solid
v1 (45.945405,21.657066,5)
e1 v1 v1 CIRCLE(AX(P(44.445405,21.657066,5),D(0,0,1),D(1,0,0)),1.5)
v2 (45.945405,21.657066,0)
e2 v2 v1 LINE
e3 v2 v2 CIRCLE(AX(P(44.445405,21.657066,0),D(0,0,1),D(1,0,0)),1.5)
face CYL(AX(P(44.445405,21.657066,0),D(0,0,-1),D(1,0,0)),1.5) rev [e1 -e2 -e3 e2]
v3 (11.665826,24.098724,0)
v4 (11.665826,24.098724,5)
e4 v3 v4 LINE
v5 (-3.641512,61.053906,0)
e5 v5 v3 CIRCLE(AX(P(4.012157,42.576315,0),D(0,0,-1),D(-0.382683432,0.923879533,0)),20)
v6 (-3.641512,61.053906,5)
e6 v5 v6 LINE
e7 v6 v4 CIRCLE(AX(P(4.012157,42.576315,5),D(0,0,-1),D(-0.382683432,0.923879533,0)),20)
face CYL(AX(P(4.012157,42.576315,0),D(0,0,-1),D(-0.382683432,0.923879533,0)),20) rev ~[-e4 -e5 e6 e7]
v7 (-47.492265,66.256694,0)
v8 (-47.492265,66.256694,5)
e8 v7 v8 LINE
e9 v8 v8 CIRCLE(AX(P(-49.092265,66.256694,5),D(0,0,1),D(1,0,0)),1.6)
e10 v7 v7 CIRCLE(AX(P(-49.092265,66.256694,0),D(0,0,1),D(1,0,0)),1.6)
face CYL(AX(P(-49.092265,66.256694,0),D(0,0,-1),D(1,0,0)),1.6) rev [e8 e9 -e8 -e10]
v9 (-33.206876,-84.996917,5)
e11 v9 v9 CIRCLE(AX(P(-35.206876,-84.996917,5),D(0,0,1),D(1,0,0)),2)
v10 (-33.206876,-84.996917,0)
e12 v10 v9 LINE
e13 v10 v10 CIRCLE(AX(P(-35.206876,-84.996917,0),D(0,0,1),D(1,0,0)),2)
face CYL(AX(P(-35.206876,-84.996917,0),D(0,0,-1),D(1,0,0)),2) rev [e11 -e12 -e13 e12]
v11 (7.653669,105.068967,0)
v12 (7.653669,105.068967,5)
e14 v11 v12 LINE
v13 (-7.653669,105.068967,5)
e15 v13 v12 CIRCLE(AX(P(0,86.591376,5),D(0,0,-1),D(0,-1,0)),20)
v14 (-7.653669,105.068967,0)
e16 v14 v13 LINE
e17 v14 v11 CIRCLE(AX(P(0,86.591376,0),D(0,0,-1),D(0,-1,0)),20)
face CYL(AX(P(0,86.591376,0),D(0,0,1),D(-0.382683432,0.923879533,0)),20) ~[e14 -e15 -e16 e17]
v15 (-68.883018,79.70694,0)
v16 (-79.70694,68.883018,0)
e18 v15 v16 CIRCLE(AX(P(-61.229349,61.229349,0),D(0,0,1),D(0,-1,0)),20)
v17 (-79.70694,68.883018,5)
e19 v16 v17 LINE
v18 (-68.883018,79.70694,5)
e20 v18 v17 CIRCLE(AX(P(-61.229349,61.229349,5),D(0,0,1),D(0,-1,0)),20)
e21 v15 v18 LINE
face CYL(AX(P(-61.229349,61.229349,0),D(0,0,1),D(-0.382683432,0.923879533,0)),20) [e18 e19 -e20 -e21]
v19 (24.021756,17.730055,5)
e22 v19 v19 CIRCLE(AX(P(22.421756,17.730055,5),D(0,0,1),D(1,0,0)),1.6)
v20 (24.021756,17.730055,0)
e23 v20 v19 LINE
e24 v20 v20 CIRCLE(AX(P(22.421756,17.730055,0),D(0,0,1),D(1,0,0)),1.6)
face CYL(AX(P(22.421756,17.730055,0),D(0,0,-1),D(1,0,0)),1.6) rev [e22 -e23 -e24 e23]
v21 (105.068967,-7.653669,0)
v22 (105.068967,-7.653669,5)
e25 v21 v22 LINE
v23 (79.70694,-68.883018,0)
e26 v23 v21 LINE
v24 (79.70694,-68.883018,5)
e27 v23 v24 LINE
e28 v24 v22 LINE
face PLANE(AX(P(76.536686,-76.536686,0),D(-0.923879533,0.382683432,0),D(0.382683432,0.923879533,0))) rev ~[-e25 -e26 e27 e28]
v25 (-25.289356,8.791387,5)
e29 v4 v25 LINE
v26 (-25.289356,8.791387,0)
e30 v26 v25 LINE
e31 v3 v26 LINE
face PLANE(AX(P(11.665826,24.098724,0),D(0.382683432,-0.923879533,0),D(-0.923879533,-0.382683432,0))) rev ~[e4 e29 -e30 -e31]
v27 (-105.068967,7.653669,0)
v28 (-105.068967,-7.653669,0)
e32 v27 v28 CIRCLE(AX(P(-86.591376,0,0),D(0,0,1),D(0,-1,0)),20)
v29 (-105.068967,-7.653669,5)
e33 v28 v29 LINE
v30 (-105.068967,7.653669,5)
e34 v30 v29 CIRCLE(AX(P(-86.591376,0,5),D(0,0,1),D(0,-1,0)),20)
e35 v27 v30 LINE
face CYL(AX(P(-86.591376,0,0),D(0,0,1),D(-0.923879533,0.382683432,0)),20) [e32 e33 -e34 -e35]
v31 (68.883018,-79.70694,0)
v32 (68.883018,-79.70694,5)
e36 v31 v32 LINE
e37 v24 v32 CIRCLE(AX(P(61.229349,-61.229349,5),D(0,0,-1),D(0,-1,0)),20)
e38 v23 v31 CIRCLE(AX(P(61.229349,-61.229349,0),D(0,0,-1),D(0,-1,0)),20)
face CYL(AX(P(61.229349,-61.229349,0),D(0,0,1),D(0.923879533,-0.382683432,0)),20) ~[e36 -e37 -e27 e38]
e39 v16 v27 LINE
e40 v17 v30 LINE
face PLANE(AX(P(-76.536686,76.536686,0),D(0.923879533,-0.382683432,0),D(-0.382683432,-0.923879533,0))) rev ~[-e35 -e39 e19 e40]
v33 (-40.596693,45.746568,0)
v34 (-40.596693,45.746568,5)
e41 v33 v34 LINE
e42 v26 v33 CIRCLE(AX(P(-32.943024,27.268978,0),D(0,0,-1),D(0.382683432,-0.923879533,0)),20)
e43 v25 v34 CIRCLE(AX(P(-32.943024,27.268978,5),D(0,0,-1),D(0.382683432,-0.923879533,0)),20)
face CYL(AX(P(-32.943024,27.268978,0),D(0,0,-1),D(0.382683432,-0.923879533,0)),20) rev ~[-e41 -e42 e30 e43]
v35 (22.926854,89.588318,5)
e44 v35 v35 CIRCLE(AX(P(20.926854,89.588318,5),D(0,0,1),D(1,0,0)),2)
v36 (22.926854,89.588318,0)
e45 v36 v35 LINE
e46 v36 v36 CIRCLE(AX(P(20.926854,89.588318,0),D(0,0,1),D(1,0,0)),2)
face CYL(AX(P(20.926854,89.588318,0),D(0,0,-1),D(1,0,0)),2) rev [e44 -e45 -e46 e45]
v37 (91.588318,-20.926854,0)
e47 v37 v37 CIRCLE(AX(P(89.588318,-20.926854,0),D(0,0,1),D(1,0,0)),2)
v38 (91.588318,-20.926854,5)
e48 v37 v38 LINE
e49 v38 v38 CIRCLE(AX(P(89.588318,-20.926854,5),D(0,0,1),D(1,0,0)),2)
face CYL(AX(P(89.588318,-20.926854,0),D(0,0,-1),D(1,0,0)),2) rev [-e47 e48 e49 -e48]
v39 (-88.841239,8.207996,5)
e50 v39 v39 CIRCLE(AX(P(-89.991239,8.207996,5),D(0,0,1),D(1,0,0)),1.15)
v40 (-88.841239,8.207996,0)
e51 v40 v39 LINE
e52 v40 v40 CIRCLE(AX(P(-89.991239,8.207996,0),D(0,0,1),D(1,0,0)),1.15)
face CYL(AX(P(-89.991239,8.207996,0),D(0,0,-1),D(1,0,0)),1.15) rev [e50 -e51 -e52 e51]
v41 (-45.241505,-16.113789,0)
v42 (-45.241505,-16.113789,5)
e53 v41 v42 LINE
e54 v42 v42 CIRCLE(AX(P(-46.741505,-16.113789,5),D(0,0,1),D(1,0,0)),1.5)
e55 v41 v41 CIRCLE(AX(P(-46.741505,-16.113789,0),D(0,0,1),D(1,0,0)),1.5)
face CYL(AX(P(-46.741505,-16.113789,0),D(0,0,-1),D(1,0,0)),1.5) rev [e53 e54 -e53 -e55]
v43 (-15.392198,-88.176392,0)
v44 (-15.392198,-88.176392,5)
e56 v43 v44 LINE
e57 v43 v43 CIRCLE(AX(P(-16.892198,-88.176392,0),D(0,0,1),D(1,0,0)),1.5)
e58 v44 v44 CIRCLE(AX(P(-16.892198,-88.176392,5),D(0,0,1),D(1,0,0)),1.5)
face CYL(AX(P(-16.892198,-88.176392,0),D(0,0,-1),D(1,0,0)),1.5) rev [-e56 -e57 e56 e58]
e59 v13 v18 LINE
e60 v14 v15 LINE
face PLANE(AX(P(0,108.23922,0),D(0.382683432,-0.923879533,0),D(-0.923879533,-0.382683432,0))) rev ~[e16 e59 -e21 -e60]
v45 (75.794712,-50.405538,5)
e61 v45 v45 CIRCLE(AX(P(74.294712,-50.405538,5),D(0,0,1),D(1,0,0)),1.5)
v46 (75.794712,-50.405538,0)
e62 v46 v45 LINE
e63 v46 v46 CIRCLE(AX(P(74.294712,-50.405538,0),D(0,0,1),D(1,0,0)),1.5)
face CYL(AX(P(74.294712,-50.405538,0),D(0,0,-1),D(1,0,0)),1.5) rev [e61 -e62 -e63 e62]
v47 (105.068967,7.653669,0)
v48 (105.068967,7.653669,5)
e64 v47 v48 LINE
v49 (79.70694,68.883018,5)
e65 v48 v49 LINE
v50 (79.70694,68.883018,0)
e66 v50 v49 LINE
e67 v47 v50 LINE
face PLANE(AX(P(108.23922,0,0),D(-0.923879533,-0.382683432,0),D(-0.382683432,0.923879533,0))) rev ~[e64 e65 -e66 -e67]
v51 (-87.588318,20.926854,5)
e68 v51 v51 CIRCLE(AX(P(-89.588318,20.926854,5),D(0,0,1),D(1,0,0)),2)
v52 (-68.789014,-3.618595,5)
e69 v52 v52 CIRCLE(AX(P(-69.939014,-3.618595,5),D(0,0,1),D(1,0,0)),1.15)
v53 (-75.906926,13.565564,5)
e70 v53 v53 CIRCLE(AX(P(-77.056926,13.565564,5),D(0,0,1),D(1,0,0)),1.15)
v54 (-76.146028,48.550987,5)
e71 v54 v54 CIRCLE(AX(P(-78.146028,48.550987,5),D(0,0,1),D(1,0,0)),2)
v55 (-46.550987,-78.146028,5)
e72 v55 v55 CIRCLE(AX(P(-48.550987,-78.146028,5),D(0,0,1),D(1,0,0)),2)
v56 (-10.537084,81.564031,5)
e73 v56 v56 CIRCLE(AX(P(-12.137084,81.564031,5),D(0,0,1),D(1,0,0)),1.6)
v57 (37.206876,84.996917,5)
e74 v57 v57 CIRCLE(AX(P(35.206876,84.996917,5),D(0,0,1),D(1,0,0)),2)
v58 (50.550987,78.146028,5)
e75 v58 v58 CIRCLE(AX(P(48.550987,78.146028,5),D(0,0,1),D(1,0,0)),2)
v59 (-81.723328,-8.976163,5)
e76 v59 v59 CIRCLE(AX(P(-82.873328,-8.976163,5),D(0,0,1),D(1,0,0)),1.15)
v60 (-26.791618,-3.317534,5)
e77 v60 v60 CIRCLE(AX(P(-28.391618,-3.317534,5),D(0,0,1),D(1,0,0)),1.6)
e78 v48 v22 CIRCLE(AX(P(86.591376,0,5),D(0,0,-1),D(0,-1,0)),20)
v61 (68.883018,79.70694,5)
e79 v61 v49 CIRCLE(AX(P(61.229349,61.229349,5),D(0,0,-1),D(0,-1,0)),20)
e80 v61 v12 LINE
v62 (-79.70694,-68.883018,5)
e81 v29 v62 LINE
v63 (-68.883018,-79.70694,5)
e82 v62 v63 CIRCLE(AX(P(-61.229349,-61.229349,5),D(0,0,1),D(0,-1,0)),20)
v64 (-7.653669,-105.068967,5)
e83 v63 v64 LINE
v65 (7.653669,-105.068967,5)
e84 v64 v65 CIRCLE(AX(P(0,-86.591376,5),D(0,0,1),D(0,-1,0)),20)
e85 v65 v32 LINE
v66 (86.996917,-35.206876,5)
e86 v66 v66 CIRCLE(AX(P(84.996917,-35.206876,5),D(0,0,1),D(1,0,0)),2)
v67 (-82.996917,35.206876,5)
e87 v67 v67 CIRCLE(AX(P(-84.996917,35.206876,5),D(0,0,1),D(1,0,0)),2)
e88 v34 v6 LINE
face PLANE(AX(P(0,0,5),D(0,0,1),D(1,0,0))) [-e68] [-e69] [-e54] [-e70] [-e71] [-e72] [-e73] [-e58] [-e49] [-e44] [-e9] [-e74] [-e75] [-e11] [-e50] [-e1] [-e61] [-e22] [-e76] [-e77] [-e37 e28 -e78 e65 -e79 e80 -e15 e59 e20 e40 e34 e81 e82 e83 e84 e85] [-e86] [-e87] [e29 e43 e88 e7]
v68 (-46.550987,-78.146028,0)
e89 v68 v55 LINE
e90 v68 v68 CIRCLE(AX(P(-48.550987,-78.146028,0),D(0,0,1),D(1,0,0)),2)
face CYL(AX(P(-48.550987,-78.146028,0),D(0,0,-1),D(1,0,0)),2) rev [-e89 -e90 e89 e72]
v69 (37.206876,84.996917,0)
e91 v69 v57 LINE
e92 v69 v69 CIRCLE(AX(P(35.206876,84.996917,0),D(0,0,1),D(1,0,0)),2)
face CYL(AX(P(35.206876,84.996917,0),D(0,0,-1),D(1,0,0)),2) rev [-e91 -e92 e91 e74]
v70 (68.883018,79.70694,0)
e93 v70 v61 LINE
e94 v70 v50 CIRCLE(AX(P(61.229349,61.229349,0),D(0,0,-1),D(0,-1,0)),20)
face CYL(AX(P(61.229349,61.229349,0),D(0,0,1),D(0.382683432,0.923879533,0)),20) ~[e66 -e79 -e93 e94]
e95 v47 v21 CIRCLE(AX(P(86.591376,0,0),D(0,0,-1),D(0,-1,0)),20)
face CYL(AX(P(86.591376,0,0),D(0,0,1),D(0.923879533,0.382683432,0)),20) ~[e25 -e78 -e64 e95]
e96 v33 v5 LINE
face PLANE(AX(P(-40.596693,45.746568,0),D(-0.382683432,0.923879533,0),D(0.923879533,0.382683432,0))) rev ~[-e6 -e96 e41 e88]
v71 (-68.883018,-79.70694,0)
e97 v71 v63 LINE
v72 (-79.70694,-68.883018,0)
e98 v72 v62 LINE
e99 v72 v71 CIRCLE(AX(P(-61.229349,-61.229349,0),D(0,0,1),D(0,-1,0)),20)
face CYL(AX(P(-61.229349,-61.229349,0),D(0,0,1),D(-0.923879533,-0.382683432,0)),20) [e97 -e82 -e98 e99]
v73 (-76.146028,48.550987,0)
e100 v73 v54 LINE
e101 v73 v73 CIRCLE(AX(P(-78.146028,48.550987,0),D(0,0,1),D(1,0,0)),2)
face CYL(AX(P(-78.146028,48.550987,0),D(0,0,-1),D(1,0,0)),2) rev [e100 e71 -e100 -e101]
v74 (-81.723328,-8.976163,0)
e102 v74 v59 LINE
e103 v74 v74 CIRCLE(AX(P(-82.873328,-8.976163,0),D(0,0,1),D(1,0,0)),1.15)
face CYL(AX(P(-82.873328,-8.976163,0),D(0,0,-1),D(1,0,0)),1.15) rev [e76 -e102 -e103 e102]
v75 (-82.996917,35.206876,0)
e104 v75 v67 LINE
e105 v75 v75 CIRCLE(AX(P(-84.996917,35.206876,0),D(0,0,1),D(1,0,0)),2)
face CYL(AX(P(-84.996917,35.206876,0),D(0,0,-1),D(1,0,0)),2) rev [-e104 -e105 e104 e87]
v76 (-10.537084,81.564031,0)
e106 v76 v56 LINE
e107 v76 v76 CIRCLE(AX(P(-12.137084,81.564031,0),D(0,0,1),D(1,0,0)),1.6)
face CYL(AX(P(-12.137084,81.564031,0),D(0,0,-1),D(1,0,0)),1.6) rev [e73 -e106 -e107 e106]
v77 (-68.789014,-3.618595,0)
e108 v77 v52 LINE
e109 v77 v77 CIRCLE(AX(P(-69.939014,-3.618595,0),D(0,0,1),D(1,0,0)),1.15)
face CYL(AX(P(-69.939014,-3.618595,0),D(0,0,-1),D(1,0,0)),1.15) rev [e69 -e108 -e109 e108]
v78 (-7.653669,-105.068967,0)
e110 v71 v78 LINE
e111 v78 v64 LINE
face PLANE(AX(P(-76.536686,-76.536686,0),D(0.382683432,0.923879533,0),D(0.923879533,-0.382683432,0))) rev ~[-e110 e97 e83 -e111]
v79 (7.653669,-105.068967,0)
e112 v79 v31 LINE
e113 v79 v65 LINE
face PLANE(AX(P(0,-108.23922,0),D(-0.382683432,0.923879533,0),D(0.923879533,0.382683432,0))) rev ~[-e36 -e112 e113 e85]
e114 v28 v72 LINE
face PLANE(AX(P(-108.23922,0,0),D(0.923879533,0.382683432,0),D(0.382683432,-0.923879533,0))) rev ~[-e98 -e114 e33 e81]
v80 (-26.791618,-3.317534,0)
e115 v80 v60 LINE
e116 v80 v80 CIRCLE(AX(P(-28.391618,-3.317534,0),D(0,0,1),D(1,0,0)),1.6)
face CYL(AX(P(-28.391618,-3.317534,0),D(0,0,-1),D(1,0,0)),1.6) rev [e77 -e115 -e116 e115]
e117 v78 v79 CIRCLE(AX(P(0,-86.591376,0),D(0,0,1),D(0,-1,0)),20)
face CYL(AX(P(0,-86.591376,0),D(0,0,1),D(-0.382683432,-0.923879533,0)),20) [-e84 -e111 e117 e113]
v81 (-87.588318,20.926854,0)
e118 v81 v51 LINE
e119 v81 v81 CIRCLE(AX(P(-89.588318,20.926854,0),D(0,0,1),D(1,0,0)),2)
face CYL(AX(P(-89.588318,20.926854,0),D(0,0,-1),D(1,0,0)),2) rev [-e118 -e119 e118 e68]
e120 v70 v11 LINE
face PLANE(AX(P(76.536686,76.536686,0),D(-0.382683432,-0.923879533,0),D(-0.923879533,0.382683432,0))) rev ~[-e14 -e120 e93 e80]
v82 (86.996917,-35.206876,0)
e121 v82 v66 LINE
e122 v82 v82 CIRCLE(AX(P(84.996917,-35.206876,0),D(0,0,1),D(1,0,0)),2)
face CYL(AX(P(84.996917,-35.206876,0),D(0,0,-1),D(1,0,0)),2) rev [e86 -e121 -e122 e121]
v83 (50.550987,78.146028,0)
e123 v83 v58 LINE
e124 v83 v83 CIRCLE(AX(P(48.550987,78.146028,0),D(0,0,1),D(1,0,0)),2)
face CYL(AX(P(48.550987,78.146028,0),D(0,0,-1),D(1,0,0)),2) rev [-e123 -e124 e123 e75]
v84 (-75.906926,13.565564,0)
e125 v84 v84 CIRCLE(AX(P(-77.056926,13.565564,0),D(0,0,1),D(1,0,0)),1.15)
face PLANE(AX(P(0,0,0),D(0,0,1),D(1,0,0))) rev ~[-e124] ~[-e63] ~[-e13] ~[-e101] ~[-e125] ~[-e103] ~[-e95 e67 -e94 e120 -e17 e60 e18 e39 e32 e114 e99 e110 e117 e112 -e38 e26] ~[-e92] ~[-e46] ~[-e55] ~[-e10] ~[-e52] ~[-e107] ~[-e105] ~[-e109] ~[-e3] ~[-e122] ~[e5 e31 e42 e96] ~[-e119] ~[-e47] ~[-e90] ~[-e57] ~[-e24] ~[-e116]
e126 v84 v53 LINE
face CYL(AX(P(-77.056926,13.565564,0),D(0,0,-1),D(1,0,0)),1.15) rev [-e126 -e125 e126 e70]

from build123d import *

# Parameters (mm, degrees)
SKETCH_1_R      = 1.5
SKETCH_1_R_2    = 2
SKETCH_1_R_3    = 1.6
SKETCH_1_R_4    = 1.15
EXTRUDE_1_DEPTH = 5
FILLET_1_R      = 20


with BuildPart() as part:
    # 草图1 → 凸台-拉伸1 (new body)
    with BuildSketch(Plane.XY):
        Polygon((0, 108.239220029), (-76.536686473, 76.536686473), (-108.239220029, 0), (-76.536686473, -76.536686473), (0, -108.239220029), (76.536686473, -76.536686473), (108.239220029, 0), (76.536686473, 76.536686473), align=None)
        with Locations((-46.741505227, -16.11378879)):
            Circle(SKETCH_1_R, mode=Mode.SUBTRACT)
        with Locations((-16.892197502, -88.176392326)):
            Circle(SKETCH_1_R, mode=Mode.SUBTRACT)
        with Locations((74.294712357, -50.405537551)):
            Circle(SKETCH_1_R, mode=Mode.SUBTRACT)
        with Locations((44.445404632, 21.657065985)):
            Circle(SKETCH_1_R, mode=Mode.SUBTRACT)
        with Locations((-35.206875778, -84.996916991)):
            Circle(SKETCH_1_R_2, mode=Mode.SUBTRACT)
        with Locations((84.996916991, -35.206875778)):
            Circle(SKETCH_1_R_2, mode=Mode.SUBTRACT)
        with Locations((35.206875778, 84.996916991)):
            Circle(SKETCH_1_R_2, mode=Mode.SUBTRACT)
        with Locations((-84.996916991, 35.206875778)):
            Circle(SKETCH_1_R_2, mode=Mode.SUBTRACT)
        with Locations((22.421756372, 17.730054744)):
            Circle(SKETCH_1_R_3, mode=Mode.SUBTRACT)
        with Locations((-28.391617917, -3.317534036)):
            Circle(SKETCH_1_R_3, mode=Mode.SUBTRACT)
        with Locations((-49.092265239, 66.256693954)):
            Circle(SKETCH_1_R_3, mode=Mode.SUBTRACT)
        with Locations((-12.137083939, 81.564031248)):
            Circle(SKETCH_1_R_3, mode=Mode.SUBTRACT)
        with Locations((-89.991239438, 8.207996367)):
            Circle(SKETCH_1_R_4, mode=Mode.SUBTRACT)
        with Locations((-77.056925983, 13.56556442)):
            Circle(SKETCH_1_R_4, mode=Mode.SUBTRACT)
        with Locations((-69.939014141, -3.618594885)):
            Circle(SKETCH_1_R_4, mode=Mode.SUBTRACT)
        with Locations((-82.873327596, -8.976162938)):
            Circle(SKETCH_1_R_4, mode=Mode.SUBTRACT)
        with Locations((48.55098737, 78.146027573)):
            Circle(SKETCH_1_R_2, mode=Mode.SUBTRACT)
        with Locations((20.926853617, 89.588318422)):
            Circle(SKETCH_1_R_2, mode=Mode.SUBTRACT)
        with Locations((89.588318422, -20.926853617)):
            Circle(SKETCH_1_R_2, mode=Mode.SUBTRACT)
        with Locations((-48.55098737, -78.146027573)):
            Circle(SKETCH_1_R_2, mode=Mode.SUBTRACT)
        with Locations((-78.146027573, 48.55098737)):
            Circle(SKETCH_1_R_2, mode=Mode.SUBTRACT)
        with Locations((-89.588318422, 20.926853617)):
            Circle(SKETCH_1_R_2, mode=Mode.SUBTRACT)
        with BuildLine():
            Line((-40.596693041, 45.746568332), (-3.64151174, 61.053905626))
            ThreePointArc((-3.64151174, 61.053905626), (22.489747557, 50.229983624), (11.665825554, 24.098724326))
            Line((11.665825554, 24.098724326), (-25.289355746, 8.791387031))
            ThreePointArc((-25.289355746, 8.791387031), (-51.420615044, 19.615309034), (-40.596693041, 45.746568332))
        make_face(mode=Mode.SUBTRACT)
    extrude(amount=EXTRUDE_1_DEPTH)

    # 圆角1
    fillet_1_edges = [part.edges().sort_by_distance(p)[0] for p in [
        (76.536686473, 76.536686473, 2.5),
        (108.239220029, 0, 2.5),
        (76.536686473, -76.536686473, 2.5),
        (0, -108.239220029, 2.5),
        (-76.536686473, -76.536686473, 2.5),
        (-108.239220029, 0, 2.5),
        (-76.536686473, 76.536686473, 2.5),
        (0, 108.239220029, 2.5),
    ]]
    fillet(fillet_1_edges, radius=FILLET_1_R)


solid = part.part
